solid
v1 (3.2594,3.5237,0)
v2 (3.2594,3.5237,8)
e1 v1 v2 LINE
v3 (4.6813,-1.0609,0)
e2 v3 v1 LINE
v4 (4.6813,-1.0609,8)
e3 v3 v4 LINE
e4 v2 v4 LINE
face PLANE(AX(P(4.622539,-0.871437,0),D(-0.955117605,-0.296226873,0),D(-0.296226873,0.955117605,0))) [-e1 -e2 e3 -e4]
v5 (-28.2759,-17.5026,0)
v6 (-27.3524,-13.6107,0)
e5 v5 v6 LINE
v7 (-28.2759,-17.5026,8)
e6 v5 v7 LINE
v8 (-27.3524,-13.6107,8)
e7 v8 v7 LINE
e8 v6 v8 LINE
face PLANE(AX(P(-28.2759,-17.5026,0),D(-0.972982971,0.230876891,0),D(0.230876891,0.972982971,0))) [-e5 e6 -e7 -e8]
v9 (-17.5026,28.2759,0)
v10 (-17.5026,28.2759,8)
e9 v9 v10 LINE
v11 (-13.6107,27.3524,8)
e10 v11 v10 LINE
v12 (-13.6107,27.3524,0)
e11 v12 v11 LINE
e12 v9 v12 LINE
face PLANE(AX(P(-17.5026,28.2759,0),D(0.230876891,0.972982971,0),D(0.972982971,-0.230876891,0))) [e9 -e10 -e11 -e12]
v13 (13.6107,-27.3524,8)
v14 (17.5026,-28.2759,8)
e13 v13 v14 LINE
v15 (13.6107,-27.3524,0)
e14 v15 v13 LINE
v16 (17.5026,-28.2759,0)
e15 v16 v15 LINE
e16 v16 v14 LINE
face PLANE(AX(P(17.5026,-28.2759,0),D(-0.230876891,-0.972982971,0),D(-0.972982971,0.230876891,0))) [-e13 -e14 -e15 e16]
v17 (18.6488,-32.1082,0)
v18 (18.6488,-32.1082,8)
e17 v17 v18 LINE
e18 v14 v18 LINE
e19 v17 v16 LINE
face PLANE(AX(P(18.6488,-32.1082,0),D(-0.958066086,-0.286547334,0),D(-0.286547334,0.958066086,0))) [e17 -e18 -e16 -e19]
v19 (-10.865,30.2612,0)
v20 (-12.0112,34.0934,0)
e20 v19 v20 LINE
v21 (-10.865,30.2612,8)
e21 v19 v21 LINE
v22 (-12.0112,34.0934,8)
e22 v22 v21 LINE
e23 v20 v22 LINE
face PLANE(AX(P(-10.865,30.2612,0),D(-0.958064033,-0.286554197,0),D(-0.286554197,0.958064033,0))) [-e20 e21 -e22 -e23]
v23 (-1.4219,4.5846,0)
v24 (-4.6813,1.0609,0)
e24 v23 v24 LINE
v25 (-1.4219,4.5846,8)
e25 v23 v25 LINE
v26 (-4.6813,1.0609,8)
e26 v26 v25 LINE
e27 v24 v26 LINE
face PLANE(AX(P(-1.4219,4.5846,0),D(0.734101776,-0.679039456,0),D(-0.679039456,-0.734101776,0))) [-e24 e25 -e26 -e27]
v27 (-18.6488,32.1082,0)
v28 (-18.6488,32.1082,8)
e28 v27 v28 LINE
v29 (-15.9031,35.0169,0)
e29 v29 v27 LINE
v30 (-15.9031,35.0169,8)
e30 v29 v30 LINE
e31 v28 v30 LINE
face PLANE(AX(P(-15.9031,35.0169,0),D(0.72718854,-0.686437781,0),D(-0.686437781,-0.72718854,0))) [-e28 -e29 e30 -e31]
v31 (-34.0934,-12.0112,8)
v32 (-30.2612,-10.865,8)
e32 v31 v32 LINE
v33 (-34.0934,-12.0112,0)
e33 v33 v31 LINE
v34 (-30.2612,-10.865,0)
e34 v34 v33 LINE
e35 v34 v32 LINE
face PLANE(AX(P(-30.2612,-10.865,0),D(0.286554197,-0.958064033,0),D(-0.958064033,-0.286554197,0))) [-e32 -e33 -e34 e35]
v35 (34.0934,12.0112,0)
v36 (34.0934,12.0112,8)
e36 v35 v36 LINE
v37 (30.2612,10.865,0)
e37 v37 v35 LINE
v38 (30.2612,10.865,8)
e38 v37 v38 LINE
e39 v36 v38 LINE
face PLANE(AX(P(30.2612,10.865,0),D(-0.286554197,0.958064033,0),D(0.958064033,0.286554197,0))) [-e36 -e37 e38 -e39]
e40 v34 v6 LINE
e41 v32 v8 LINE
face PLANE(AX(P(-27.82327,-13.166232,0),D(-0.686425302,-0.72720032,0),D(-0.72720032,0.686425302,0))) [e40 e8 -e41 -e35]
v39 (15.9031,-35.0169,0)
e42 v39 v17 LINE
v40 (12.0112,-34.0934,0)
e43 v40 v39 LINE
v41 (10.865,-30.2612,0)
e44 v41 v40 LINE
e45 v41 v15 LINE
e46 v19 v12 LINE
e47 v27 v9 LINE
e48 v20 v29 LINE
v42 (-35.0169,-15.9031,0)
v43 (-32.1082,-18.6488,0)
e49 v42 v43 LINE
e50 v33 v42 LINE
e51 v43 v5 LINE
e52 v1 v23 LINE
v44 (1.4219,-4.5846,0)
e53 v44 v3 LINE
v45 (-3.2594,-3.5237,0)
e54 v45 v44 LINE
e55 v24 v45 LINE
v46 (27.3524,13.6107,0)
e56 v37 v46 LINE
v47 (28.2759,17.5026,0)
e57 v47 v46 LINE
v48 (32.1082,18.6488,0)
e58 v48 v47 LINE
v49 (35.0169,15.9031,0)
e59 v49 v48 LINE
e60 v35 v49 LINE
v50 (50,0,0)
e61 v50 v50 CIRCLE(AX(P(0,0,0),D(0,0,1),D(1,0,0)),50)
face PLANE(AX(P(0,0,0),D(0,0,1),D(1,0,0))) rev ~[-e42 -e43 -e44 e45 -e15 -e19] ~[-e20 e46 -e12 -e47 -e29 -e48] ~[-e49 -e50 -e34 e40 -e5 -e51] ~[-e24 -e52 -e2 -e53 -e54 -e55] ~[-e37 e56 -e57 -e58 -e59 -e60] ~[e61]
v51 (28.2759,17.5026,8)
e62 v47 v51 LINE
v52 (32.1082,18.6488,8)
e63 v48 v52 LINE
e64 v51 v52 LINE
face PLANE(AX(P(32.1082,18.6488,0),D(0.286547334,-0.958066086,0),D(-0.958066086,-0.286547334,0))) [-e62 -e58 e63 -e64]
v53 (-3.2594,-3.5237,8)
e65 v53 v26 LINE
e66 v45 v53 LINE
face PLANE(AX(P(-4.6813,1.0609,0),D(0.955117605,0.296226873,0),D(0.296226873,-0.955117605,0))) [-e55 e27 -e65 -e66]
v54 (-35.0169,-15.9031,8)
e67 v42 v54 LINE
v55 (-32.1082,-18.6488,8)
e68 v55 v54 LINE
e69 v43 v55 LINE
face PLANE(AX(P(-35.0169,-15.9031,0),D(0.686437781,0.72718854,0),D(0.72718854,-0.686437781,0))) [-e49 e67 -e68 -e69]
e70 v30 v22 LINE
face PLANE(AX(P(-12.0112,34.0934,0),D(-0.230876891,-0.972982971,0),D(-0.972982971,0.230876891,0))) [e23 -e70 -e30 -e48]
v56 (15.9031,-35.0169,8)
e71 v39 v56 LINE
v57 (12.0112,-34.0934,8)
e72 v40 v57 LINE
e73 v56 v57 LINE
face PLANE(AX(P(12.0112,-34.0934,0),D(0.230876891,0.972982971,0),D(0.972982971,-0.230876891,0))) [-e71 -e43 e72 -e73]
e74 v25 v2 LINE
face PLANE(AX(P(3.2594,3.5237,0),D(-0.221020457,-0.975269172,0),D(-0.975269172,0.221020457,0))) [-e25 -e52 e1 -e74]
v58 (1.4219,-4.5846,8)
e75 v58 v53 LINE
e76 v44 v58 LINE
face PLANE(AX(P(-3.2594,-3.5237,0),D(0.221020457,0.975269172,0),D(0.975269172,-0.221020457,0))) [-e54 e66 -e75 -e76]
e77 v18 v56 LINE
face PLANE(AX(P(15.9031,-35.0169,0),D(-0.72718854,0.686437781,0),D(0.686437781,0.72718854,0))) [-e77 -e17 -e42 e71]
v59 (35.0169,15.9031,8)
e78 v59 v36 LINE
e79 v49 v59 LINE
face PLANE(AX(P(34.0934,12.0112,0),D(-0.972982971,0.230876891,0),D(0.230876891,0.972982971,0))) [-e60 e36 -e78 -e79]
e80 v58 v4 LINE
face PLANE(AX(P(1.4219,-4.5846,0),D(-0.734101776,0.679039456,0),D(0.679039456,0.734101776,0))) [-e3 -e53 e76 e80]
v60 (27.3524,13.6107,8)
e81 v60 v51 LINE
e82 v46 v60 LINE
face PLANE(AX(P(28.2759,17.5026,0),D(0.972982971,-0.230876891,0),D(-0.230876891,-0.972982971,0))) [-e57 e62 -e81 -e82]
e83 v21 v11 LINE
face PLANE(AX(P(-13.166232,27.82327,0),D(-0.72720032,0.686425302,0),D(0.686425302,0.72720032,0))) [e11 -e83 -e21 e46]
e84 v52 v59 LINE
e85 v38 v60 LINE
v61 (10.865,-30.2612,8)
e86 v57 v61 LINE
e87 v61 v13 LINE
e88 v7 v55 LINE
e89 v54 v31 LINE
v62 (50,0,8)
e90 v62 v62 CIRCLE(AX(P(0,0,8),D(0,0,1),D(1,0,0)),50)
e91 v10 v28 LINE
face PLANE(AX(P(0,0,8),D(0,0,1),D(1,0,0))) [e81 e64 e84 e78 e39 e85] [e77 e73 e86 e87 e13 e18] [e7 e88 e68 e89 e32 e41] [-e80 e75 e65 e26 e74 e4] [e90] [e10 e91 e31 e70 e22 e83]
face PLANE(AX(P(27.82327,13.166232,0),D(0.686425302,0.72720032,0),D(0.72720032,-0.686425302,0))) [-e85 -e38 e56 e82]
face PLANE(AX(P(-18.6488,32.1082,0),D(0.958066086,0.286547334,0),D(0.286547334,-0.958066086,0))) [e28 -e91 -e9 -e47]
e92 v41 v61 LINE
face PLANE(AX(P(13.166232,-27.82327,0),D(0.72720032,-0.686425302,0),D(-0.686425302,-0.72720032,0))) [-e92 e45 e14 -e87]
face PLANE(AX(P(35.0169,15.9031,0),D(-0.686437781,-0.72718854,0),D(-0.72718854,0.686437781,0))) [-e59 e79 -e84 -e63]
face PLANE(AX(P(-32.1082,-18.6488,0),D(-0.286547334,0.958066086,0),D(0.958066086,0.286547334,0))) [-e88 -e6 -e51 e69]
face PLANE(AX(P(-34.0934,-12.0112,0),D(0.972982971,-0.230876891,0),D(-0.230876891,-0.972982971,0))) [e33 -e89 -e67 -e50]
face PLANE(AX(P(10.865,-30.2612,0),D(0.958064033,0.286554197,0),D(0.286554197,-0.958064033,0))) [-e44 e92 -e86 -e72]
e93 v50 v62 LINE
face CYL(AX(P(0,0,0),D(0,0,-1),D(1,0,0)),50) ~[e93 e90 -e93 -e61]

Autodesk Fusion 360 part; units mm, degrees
sketch "mainbase" plane through (0, 0, 0) normal (0, 0, 1) x (1, 0, 0)
  circle A0 centre (0, 0) radius 50
  circle A1 centre (0, 0) radius 46.5
  line L0 (-42.0315, -19.8897) -> (5.9278, -46.1206)
  line L1 (5.9278, -46.1206) -> (45.6951, -8.6144)
  line L2 (45.6951, -8.6144) -> (22.3133, 40.7966)
  line L3 (22.3133, 40.7966) -> (-31.9047, 33.8281)
  line L4 (-31.9047, 33.8281) -> (-42.0315, -19.8897)
  line L5 (-31.9047, 33.8281) -> (0, 0)
  line L6 (0, 0) -> (-42.0315, -19.8897)
  line L7 (5.9278, -46.1206) -> (0, 0)
  line L8 (45.6951, -8.6144) -> (0, 0)
  line L9 (22.3133, 40.7966) -> (0, 0)
  line L10 (-20.0354, 17.8663) -> (-16.8802, 20.3249)
  line L11 (-16.8802, 20.3249) -> (-17.4318, 24.2866)
  line L12 (-17.4318, 24.2866) -> (-21.1386, 25.7899)
  line L13 (-21.1386, 25.7899) -> (-24.2938, 23.3313)
  line L14 (-24.2938, 23.3313) -> (-23.7422, 19.3695)
  line L15 (-23.7422, 19.3695) -> (-20.0354, 17.8663)
  line L16 (19.2822, 26.9195) -> (19.1418, 30.9171)
  line L17 (19.1418, 30.9171) -> (15.6096, 32.7942)
  line L18 (15.6096, 32.7942) -> (12.2178, 30.6738)
  line L19 (12.2178, 30.6738) -> (12.3583, 26.6762)
  line L20 (12.3583, 26.6762) -> (15.8905, 24.7991)
  line L21 (15.8905, 24.7991) -> (19.2822, 26.9195)
  line L22 (30.8937, -9.0267) -> (34.6805, -10.315)
  line L23 (34.6805, -10.315) -> (37.6897, -7.6796)
  line L24 (37.6897, -7.6796) -> (36.912, -3.756)
  line L25 (36.912, -3.756) -> (33.1251, -2.4676)
  line L26 (33.1251, -2.4676) -> (30.116, -5.103)
  line L27 (30.116, -5.103) -> (30.8937, -9.0267)
  line L28 (8.3833, -33.8748) -> (6.093, -30.5954)
  line L29 (6.093, -30.5954) -> (2.1078, -30.9391)
  line L30 (2.1078, -30.9391) -> (0.4128, -34.5622)
  line L31 (0.4128, -34.5622) -> (2.7031, -37.8417)
  line L32 (2.7031, -37.8417) -> (6.6883, -37.498)
  line L33 (6.6883, -37.498) -> (8.3833, -33.8748)
  line L34 (-27.3524, -13.6107) -> (-30.2612, -10.865)
  line L35 (-30.2612, -10.865) -> (-34.0934, -12.0112)
  line L36 (-34.0934, -12.0112) -> (-35.0169, -15.9031)
  line L37 (-35.0169, -15.9031) -> (-32.1082, -18.6488)
  line L38 (-32.1082, -18.6488) -> (-28.2759, -17.5026)
  line L39 (-28.2759, -17.5026) -> (-27.3524, -13.6107)
  line L40 (1.4219, -4.5846) -> (4.6813, -1.0609)
  line L41 (4.6813, -1.0609) -> (3.2594, 3.5237)
  line L42 (3.2594, 3.5237) -> (-1.4219, 4.5846)
  line L43 (-1.4219, 4.5846) -> (-4.6813, 1.0609)
  line L44 (-4.6813, 1.0609) -> (-3.2594, -3.5237)
  line L45 (-3.2594, -3.5237) -> (1.4219, -4.5846)
  point P0 (-20.587, 21.8281)
  point P1 (15.75, 28.7966)
  point P2 (33.9028, -6.3913)
  point P3 (4.3981, -34.2185)
  point P4 (-31.1847, -14.7569)
  dimension "d1" = 100
  dimension "d2" = 93
  dimension "d3" = 46.5
  dimension "d4" = 4
  dimension "d5" = 12
  dimension "d6" = 4
  dimension "d7" = 12
  dimension "d8" = 4
  dimension "d9" = 12
  dimension "d10" = 4
  dimension "d11" = 12
  dimension "d12" = 4
  dimension "d13" = 12
  dimension "d14" = 4.8
extrude "Extrude1" add sketch "mainbase" along normal blind 8 contours A0 | A1 L2 | A1 L3 | L3 L5 L9 L10 L11 L12 L13 L17 L18 L19 L20 L42 L43 | L2 L8 L9 L16 L17 L20 L21 L24 L25 L26 L27 L41 L42 | A1 L1 | L1 L7 L8 L22 L23 L24 L27 L28 L29 L32 L33 L40 L41 L45 | A1 L4 | L4 L5 L6 L10 L13 L14 L15 L34 L35 L36 L37 L43 L44 | L9 L16 L17 L20 L21 | L9 L17 L18 L19 L20 | A1 L0 | L0 L6 L7 L29 L30 L31 L32 L34 L37 L38 L39 L44 L45 | L8 L22 L23 L24 L27 | L8 L24 L25 L26 L27 | L5 L10 L11 L12 L13 | L5 L10 L13 L14 L15 | L7 L29 L30 L31 L32 | L7 L28 L29 L32 L33 | L6 L34 L35 L36 L37 | L6 L34 L37 L38 L39
extrude "Extrude2" cut sketch "mainbase" along normal blind 25 contours L6 L34 L35 L36 L37 | L6 L34 L37 L38 L39
pattern_circular "C-Pattern1" count 4 over 360 about axis through (0, 0, 1.75) along (0, 0, 1) of "Extrude2"
equation "d3 = ( 93 / 2 ) * 1 mm"
